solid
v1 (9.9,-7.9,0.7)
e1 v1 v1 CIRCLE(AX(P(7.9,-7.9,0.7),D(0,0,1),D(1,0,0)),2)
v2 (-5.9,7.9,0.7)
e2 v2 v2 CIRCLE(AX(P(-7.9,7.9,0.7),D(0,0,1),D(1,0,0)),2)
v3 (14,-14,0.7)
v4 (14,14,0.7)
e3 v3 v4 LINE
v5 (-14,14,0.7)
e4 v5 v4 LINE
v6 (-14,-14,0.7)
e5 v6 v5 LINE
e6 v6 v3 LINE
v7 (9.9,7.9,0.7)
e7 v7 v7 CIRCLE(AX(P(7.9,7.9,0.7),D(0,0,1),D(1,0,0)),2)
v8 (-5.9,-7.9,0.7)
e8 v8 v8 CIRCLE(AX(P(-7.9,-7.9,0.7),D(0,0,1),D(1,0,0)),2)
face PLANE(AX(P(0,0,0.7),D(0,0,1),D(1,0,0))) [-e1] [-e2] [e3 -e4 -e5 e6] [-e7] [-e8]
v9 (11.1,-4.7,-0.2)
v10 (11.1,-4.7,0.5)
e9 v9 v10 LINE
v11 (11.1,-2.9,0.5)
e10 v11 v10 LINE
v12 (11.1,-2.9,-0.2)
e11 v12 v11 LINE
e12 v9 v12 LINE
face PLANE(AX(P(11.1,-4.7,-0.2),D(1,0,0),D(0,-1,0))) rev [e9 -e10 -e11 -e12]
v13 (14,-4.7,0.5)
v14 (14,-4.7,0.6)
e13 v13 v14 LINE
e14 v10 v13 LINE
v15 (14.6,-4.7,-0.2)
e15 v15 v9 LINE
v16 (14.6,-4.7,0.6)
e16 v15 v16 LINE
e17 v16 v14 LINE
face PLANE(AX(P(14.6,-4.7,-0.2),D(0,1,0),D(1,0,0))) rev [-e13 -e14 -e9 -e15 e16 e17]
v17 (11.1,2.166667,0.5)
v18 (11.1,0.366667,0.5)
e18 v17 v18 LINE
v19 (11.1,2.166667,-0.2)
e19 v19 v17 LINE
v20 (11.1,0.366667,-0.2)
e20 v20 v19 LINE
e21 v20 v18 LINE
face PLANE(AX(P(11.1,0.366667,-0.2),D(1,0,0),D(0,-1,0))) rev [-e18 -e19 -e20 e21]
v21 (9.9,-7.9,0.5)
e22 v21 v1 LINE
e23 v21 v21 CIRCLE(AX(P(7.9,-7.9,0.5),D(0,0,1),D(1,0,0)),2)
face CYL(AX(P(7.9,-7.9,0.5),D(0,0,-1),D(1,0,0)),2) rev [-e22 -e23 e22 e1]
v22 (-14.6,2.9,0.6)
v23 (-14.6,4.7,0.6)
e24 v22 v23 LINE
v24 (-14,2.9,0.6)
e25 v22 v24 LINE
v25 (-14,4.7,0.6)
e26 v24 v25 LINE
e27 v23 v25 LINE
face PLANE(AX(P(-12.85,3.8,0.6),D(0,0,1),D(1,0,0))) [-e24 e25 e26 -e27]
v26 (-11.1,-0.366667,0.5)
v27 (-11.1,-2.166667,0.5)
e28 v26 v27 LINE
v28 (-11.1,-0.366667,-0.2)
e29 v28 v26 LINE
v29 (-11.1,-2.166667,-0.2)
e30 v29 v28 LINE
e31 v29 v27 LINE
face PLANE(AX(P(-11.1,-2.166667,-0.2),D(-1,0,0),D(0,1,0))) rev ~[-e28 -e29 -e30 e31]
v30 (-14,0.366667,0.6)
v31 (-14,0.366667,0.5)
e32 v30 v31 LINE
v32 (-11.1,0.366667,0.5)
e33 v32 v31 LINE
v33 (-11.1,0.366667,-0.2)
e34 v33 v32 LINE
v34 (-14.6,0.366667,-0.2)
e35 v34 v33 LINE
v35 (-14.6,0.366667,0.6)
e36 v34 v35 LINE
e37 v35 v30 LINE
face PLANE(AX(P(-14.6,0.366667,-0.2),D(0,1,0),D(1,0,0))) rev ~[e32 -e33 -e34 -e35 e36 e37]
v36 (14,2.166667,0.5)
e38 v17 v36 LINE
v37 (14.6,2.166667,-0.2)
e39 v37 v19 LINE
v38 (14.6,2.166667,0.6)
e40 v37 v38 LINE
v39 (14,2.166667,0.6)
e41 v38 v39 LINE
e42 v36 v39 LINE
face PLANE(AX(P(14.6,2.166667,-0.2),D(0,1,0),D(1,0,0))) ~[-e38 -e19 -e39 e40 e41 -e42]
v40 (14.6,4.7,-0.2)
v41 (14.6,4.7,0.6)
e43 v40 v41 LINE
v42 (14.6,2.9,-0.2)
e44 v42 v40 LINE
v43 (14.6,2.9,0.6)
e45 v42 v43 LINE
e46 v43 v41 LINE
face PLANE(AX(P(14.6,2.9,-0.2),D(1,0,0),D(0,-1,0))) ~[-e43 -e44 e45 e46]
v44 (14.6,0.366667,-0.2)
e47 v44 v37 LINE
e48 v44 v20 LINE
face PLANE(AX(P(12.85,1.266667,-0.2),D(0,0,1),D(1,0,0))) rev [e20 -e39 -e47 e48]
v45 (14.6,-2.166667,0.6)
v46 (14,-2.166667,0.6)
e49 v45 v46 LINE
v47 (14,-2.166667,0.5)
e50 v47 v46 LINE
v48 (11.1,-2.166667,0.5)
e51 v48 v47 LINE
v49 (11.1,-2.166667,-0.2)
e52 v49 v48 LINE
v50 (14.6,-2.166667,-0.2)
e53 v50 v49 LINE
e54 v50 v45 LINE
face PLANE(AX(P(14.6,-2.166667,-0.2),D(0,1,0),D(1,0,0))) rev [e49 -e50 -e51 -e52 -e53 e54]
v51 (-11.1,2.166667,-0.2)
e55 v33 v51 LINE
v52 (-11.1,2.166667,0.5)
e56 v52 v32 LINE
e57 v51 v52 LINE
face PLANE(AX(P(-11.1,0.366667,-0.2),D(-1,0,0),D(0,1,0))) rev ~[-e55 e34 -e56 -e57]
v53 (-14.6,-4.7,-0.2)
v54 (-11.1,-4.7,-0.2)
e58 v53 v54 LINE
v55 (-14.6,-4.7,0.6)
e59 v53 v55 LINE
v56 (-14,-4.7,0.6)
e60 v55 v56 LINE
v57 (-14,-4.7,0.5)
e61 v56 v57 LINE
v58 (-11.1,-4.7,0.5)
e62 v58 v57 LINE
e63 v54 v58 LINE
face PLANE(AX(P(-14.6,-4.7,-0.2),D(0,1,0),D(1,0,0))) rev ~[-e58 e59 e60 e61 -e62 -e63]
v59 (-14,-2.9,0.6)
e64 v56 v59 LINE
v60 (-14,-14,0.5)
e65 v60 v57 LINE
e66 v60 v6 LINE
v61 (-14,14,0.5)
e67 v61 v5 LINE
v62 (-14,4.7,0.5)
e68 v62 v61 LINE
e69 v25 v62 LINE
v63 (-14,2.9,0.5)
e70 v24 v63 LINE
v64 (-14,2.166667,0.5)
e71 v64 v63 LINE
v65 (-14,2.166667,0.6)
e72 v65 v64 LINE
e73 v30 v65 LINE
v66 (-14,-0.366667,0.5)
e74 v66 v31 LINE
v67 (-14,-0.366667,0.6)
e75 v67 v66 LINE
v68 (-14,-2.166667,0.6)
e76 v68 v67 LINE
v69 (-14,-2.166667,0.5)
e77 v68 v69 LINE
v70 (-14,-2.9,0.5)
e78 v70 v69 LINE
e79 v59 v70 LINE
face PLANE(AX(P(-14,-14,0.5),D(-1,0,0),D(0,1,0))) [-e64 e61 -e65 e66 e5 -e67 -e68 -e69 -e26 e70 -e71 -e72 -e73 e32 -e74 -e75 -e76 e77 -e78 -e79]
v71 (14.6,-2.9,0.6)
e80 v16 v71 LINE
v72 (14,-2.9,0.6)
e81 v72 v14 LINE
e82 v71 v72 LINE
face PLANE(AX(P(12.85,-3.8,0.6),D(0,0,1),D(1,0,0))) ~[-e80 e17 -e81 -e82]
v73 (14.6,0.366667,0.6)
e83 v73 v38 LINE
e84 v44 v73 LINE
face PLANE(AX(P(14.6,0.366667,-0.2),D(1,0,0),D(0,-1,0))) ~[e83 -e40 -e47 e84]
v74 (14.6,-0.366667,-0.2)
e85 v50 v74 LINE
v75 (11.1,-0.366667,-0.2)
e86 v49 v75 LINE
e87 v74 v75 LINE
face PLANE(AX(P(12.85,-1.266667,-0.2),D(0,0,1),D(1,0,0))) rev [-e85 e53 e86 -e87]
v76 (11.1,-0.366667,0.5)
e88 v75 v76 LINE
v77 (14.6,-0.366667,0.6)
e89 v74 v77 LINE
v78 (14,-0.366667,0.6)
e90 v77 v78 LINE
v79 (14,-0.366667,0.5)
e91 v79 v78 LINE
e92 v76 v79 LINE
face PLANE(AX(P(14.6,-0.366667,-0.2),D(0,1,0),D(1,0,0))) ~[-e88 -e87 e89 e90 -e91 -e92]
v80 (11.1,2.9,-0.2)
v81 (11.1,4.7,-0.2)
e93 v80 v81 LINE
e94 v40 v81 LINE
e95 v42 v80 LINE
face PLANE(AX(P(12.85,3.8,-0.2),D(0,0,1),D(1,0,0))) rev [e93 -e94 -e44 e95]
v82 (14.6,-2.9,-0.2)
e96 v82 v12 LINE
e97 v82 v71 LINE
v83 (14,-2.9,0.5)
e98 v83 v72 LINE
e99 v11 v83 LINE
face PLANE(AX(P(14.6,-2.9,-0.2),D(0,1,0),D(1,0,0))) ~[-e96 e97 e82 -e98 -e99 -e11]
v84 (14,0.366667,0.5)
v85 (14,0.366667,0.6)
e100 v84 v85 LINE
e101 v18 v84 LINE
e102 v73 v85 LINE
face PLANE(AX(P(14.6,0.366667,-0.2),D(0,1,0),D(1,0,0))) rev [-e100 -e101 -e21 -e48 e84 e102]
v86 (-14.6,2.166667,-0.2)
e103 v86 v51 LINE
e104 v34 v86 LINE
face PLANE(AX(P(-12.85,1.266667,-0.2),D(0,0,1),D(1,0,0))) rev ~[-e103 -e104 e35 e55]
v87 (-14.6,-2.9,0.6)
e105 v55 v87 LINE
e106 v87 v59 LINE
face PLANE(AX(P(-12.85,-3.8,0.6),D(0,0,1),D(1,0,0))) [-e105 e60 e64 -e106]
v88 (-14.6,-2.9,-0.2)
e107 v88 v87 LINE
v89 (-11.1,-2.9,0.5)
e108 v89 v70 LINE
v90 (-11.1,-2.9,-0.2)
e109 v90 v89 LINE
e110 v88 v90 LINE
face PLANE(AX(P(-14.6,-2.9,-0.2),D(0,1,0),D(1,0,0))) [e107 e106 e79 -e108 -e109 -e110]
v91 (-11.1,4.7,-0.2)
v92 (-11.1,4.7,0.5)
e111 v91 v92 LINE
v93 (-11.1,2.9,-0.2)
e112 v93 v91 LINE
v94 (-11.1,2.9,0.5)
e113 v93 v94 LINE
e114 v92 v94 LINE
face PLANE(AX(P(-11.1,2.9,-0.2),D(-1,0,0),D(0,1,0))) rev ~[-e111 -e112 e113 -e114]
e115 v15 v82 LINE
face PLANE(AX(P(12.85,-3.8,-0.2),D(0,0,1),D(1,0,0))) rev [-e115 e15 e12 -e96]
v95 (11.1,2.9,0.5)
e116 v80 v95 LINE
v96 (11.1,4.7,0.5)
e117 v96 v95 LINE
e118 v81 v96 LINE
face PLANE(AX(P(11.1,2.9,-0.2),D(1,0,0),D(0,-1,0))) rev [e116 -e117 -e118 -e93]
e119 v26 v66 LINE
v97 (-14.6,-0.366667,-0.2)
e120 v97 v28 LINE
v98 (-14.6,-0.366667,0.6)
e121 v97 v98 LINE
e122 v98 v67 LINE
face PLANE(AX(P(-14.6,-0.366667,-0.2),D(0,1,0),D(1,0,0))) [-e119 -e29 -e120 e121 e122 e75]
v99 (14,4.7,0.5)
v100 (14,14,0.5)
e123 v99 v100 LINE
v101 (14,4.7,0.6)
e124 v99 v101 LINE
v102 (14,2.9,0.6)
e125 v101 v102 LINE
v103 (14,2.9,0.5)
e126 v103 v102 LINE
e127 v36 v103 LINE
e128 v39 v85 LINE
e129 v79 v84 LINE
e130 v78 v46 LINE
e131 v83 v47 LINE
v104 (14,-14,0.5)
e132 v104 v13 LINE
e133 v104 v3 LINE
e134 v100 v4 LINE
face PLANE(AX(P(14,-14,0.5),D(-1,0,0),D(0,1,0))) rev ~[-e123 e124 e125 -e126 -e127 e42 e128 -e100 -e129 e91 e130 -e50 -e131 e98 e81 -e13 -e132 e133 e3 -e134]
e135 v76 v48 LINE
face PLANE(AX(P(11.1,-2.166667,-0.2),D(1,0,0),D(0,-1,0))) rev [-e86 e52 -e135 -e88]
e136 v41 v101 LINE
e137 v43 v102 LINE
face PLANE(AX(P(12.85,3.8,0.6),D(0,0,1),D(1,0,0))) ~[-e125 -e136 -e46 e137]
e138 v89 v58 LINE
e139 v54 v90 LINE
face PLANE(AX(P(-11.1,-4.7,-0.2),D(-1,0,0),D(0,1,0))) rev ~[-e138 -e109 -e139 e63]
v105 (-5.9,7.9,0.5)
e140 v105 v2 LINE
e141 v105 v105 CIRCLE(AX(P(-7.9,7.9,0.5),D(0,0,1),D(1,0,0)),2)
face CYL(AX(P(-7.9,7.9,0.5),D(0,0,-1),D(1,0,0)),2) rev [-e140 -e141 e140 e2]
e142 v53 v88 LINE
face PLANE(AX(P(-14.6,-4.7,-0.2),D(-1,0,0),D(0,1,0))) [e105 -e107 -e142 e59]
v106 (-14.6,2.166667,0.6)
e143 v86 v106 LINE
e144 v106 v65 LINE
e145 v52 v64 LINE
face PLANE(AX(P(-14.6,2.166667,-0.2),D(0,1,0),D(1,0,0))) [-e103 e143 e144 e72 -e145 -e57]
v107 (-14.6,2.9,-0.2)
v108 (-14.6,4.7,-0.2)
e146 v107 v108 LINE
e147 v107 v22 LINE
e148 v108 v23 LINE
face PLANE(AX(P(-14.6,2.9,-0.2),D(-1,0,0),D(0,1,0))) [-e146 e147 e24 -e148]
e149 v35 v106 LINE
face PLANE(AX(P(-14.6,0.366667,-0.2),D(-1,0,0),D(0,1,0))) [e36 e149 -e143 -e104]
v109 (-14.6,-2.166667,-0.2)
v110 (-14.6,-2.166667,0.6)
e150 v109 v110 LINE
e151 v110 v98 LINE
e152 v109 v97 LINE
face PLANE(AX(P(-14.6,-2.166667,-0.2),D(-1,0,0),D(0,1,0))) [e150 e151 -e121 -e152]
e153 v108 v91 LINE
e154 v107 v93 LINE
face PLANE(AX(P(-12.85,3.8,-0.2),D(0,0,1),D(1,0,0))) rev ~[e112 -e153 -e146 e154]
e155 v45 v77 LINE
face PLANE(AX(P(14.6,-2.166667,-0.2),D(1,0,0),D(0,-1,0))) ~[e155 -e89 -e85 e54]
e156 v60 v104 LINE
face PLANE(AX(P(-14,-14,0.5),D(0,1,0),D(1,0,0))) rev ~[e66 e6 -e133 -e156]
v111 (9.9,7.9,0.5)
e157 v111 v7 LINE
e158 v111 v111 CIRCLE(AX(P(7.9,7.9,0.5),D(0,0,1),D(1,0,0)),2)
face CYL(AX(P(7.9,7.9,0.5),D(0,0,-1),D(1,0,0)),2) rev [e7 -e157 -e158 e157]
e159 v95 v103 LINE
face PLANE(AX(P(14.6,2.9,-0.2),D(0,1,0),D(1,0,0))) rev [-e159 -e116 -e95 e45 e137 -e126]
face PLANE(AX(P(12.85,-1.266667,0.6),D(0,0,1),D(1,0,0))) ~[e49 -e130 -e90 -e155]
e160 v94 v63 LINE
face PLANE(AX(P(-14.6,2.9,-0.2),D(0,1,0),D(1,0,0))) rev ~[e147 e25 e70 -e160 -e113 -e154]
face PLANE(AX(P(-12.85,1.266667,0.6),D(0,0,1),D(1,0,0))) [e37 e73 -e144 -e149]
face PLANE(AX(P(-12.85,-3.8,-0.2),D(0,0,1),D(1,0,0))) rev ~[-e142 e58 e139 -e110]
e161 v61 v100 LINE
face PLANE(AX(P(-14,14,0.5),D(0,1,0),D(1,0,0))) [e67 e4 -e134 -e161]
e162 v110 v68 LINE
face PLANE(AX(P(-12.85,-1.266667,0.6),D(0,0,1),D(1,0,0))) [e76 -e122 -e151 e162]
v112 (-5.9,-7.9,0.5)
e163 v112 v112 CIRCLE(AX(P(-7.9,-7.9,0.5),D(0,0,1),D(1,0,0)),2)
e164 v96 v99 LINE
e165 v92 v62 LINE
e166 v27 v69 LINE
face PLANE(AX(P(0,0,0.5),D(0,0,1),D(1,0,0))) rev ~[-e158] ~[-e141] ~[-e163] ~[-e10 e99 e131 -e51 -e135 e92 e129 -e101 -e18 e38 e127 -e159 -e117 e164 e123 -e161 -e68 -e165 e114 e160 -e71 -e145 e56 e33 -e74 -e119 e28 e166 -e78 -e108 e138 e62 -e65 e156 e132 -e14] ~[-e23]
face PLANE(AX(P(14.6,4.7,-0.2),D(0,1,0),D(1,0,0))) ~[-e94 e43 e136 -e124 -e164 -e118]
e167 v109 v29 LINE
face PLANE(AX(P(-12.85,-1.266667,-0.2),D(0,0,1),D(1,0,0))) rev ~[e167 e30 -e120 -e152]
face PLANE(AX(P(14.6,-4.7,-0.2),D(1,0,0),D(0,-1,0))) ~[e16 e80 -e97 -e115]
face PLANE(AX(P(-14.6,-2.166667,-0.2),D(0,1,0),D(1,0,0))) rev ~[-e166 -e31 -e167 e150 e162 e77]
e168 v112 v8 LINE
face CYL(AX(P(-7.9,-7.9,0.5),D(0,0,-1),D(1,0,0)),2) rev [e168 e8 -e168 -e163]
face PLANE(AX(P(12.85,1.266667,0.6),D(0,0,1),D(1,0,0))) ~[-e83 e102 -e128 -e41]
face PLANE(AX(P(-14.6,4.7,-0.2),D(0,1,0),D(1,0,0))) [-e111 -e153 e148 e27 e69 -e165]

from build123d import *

# Parameters (mm, degrees)
SKETCH004_W                     = 28
SKETCH004_H                     = 28
SKETCH004_R                     = 2
PAD004_DEPTH                    = 0.2
SKETCH005_W                     = 3.5
SKETCH005_H                     = 1.8
PAD005_DEPTH                    = 0.8
SKETCH005_LINEARPATTERN003_2_W  = 3.5
SKETCH005_LINEARPATTERN003_2_H  = 1.8
PAD005_LINEARPATTERN003_2_DEPTH = 0.8
SKETCH005_LINEARPATTERN003_3_W  = 3.5
SKETCH005_LINEARPATTERN003_3_H  = 1.8
PAD005_LINEARPATTERN003_3_DEPTH = 0.8
SKETCH005_LINEARPATTERN003_4_W  = 3.5
SKETCH005_LINEARPATTERN003_4_H  = 1.8
PAD005_LINEARPATTERN003_4_DEPTH = 0.8


with BuildPart() as part:
    # Sketch004 → Pad004 (new body)
    with BuildSketch(Plane.XY.offset(0.5)):
        Rectangle(SKETCH004_W, SKETCH004_H)
        with Locations((-7.9, 7.9)):
            Circle(SKETCH004_R, mode=Mode.SUBTRACT)
        with Locations((7.9, 7.9)):
            Circle(SKETCH004_R, mode=Mode.SUBTRACT)
        with Locations((7.9, -7.9)):
            Circle(SKETCH004_R, mode=Mode.SUBTRACT)
        with Locations((-7.9, -7.9)):
            Circle(SKETCH004_R, mode=Mode.SUBTRACT)
    extrude(amount=PAD004_DEPTH)

    # Sketch005 → Pad005 (join)
    with BuildSketch(Plane.XY.offset(-0.2)):
        with Locations((-12.85, -3.8)):
            Rectangle(SKETCH005_W, SKETCH005_H)
    pad005 = extrude(amount=PAD005_DEPTH)

    # Sketch005 LinearPattern003 2 → Pad005 LinearPattern003 2 (add)
    with BuildSketch(Plane(origin=(0, 2.5333333333, -0.2), x_dir=(1, 0, 0), z_dir=(0, 0, 1))):
        with Locations((-12.85, -3.8)):
            Rectangle(SKETCH005_LINEARPATTERN003_2_W, SKETCH005_LINEARPATTERN003_2_H)
    pad005_linearpattern003_2 = extrude(amount=PAD005_LINEARPATTERN003_2_DEPTH)

    # Sketch005 LinearPattern003 3 → Pad005 LinearPattern003 3 (add)
    with BuildSketch(Plane(origin=(0, 5.0666666667, -0.2), x_dir=(1, 0, 0), z_dir=(0, 0, 1))):
        with Locations((-12.85, -3.8)):
            Rectangle(SKETCH005_LINEARPATTERN003_3_W, SKETCH005_LINEARPATTERN003_3_H)
    pad005_linearpattern003_3 = extrude(amount=PAD005_LINEARPATTERN003_3_DEPTH)

    # Sketch005 LinearPattern003 4 → Pad005 LinearPattern003 4 (add)
    with BuildSketch(Plane(origin=(0, 7.6, -0.2), x_dir=(1, 0, 0), z_dir=(0, 0, 1))):
        with Locations((-12.85, -3.8)):
            Rectangle(SKETCH005_LINEARPATTERN003_4_W, SKETCH005_LINEARPATTERN003_4_H)
    pad005_linearpattern003_4 = extrude(amount=PAD005_LINEARPATTERN003_4_DEPTH)

    # Mirrored001: Pad005, Pad005 LinearPattern003 2, Pad005 LinearPattern003 3, Pad005 LinearPattern003 4 across YZ
    add(pad005.mirror(Plane.YZ))
    add(pad005_linearpattern003_2.mirror(Plane.YZ))
    add(pad005_linearpattern003_3.mirror(Plane.YZ))
    add(pad005_linearpattern003_4.mirror(Plane.YZ))


solid = part.part
